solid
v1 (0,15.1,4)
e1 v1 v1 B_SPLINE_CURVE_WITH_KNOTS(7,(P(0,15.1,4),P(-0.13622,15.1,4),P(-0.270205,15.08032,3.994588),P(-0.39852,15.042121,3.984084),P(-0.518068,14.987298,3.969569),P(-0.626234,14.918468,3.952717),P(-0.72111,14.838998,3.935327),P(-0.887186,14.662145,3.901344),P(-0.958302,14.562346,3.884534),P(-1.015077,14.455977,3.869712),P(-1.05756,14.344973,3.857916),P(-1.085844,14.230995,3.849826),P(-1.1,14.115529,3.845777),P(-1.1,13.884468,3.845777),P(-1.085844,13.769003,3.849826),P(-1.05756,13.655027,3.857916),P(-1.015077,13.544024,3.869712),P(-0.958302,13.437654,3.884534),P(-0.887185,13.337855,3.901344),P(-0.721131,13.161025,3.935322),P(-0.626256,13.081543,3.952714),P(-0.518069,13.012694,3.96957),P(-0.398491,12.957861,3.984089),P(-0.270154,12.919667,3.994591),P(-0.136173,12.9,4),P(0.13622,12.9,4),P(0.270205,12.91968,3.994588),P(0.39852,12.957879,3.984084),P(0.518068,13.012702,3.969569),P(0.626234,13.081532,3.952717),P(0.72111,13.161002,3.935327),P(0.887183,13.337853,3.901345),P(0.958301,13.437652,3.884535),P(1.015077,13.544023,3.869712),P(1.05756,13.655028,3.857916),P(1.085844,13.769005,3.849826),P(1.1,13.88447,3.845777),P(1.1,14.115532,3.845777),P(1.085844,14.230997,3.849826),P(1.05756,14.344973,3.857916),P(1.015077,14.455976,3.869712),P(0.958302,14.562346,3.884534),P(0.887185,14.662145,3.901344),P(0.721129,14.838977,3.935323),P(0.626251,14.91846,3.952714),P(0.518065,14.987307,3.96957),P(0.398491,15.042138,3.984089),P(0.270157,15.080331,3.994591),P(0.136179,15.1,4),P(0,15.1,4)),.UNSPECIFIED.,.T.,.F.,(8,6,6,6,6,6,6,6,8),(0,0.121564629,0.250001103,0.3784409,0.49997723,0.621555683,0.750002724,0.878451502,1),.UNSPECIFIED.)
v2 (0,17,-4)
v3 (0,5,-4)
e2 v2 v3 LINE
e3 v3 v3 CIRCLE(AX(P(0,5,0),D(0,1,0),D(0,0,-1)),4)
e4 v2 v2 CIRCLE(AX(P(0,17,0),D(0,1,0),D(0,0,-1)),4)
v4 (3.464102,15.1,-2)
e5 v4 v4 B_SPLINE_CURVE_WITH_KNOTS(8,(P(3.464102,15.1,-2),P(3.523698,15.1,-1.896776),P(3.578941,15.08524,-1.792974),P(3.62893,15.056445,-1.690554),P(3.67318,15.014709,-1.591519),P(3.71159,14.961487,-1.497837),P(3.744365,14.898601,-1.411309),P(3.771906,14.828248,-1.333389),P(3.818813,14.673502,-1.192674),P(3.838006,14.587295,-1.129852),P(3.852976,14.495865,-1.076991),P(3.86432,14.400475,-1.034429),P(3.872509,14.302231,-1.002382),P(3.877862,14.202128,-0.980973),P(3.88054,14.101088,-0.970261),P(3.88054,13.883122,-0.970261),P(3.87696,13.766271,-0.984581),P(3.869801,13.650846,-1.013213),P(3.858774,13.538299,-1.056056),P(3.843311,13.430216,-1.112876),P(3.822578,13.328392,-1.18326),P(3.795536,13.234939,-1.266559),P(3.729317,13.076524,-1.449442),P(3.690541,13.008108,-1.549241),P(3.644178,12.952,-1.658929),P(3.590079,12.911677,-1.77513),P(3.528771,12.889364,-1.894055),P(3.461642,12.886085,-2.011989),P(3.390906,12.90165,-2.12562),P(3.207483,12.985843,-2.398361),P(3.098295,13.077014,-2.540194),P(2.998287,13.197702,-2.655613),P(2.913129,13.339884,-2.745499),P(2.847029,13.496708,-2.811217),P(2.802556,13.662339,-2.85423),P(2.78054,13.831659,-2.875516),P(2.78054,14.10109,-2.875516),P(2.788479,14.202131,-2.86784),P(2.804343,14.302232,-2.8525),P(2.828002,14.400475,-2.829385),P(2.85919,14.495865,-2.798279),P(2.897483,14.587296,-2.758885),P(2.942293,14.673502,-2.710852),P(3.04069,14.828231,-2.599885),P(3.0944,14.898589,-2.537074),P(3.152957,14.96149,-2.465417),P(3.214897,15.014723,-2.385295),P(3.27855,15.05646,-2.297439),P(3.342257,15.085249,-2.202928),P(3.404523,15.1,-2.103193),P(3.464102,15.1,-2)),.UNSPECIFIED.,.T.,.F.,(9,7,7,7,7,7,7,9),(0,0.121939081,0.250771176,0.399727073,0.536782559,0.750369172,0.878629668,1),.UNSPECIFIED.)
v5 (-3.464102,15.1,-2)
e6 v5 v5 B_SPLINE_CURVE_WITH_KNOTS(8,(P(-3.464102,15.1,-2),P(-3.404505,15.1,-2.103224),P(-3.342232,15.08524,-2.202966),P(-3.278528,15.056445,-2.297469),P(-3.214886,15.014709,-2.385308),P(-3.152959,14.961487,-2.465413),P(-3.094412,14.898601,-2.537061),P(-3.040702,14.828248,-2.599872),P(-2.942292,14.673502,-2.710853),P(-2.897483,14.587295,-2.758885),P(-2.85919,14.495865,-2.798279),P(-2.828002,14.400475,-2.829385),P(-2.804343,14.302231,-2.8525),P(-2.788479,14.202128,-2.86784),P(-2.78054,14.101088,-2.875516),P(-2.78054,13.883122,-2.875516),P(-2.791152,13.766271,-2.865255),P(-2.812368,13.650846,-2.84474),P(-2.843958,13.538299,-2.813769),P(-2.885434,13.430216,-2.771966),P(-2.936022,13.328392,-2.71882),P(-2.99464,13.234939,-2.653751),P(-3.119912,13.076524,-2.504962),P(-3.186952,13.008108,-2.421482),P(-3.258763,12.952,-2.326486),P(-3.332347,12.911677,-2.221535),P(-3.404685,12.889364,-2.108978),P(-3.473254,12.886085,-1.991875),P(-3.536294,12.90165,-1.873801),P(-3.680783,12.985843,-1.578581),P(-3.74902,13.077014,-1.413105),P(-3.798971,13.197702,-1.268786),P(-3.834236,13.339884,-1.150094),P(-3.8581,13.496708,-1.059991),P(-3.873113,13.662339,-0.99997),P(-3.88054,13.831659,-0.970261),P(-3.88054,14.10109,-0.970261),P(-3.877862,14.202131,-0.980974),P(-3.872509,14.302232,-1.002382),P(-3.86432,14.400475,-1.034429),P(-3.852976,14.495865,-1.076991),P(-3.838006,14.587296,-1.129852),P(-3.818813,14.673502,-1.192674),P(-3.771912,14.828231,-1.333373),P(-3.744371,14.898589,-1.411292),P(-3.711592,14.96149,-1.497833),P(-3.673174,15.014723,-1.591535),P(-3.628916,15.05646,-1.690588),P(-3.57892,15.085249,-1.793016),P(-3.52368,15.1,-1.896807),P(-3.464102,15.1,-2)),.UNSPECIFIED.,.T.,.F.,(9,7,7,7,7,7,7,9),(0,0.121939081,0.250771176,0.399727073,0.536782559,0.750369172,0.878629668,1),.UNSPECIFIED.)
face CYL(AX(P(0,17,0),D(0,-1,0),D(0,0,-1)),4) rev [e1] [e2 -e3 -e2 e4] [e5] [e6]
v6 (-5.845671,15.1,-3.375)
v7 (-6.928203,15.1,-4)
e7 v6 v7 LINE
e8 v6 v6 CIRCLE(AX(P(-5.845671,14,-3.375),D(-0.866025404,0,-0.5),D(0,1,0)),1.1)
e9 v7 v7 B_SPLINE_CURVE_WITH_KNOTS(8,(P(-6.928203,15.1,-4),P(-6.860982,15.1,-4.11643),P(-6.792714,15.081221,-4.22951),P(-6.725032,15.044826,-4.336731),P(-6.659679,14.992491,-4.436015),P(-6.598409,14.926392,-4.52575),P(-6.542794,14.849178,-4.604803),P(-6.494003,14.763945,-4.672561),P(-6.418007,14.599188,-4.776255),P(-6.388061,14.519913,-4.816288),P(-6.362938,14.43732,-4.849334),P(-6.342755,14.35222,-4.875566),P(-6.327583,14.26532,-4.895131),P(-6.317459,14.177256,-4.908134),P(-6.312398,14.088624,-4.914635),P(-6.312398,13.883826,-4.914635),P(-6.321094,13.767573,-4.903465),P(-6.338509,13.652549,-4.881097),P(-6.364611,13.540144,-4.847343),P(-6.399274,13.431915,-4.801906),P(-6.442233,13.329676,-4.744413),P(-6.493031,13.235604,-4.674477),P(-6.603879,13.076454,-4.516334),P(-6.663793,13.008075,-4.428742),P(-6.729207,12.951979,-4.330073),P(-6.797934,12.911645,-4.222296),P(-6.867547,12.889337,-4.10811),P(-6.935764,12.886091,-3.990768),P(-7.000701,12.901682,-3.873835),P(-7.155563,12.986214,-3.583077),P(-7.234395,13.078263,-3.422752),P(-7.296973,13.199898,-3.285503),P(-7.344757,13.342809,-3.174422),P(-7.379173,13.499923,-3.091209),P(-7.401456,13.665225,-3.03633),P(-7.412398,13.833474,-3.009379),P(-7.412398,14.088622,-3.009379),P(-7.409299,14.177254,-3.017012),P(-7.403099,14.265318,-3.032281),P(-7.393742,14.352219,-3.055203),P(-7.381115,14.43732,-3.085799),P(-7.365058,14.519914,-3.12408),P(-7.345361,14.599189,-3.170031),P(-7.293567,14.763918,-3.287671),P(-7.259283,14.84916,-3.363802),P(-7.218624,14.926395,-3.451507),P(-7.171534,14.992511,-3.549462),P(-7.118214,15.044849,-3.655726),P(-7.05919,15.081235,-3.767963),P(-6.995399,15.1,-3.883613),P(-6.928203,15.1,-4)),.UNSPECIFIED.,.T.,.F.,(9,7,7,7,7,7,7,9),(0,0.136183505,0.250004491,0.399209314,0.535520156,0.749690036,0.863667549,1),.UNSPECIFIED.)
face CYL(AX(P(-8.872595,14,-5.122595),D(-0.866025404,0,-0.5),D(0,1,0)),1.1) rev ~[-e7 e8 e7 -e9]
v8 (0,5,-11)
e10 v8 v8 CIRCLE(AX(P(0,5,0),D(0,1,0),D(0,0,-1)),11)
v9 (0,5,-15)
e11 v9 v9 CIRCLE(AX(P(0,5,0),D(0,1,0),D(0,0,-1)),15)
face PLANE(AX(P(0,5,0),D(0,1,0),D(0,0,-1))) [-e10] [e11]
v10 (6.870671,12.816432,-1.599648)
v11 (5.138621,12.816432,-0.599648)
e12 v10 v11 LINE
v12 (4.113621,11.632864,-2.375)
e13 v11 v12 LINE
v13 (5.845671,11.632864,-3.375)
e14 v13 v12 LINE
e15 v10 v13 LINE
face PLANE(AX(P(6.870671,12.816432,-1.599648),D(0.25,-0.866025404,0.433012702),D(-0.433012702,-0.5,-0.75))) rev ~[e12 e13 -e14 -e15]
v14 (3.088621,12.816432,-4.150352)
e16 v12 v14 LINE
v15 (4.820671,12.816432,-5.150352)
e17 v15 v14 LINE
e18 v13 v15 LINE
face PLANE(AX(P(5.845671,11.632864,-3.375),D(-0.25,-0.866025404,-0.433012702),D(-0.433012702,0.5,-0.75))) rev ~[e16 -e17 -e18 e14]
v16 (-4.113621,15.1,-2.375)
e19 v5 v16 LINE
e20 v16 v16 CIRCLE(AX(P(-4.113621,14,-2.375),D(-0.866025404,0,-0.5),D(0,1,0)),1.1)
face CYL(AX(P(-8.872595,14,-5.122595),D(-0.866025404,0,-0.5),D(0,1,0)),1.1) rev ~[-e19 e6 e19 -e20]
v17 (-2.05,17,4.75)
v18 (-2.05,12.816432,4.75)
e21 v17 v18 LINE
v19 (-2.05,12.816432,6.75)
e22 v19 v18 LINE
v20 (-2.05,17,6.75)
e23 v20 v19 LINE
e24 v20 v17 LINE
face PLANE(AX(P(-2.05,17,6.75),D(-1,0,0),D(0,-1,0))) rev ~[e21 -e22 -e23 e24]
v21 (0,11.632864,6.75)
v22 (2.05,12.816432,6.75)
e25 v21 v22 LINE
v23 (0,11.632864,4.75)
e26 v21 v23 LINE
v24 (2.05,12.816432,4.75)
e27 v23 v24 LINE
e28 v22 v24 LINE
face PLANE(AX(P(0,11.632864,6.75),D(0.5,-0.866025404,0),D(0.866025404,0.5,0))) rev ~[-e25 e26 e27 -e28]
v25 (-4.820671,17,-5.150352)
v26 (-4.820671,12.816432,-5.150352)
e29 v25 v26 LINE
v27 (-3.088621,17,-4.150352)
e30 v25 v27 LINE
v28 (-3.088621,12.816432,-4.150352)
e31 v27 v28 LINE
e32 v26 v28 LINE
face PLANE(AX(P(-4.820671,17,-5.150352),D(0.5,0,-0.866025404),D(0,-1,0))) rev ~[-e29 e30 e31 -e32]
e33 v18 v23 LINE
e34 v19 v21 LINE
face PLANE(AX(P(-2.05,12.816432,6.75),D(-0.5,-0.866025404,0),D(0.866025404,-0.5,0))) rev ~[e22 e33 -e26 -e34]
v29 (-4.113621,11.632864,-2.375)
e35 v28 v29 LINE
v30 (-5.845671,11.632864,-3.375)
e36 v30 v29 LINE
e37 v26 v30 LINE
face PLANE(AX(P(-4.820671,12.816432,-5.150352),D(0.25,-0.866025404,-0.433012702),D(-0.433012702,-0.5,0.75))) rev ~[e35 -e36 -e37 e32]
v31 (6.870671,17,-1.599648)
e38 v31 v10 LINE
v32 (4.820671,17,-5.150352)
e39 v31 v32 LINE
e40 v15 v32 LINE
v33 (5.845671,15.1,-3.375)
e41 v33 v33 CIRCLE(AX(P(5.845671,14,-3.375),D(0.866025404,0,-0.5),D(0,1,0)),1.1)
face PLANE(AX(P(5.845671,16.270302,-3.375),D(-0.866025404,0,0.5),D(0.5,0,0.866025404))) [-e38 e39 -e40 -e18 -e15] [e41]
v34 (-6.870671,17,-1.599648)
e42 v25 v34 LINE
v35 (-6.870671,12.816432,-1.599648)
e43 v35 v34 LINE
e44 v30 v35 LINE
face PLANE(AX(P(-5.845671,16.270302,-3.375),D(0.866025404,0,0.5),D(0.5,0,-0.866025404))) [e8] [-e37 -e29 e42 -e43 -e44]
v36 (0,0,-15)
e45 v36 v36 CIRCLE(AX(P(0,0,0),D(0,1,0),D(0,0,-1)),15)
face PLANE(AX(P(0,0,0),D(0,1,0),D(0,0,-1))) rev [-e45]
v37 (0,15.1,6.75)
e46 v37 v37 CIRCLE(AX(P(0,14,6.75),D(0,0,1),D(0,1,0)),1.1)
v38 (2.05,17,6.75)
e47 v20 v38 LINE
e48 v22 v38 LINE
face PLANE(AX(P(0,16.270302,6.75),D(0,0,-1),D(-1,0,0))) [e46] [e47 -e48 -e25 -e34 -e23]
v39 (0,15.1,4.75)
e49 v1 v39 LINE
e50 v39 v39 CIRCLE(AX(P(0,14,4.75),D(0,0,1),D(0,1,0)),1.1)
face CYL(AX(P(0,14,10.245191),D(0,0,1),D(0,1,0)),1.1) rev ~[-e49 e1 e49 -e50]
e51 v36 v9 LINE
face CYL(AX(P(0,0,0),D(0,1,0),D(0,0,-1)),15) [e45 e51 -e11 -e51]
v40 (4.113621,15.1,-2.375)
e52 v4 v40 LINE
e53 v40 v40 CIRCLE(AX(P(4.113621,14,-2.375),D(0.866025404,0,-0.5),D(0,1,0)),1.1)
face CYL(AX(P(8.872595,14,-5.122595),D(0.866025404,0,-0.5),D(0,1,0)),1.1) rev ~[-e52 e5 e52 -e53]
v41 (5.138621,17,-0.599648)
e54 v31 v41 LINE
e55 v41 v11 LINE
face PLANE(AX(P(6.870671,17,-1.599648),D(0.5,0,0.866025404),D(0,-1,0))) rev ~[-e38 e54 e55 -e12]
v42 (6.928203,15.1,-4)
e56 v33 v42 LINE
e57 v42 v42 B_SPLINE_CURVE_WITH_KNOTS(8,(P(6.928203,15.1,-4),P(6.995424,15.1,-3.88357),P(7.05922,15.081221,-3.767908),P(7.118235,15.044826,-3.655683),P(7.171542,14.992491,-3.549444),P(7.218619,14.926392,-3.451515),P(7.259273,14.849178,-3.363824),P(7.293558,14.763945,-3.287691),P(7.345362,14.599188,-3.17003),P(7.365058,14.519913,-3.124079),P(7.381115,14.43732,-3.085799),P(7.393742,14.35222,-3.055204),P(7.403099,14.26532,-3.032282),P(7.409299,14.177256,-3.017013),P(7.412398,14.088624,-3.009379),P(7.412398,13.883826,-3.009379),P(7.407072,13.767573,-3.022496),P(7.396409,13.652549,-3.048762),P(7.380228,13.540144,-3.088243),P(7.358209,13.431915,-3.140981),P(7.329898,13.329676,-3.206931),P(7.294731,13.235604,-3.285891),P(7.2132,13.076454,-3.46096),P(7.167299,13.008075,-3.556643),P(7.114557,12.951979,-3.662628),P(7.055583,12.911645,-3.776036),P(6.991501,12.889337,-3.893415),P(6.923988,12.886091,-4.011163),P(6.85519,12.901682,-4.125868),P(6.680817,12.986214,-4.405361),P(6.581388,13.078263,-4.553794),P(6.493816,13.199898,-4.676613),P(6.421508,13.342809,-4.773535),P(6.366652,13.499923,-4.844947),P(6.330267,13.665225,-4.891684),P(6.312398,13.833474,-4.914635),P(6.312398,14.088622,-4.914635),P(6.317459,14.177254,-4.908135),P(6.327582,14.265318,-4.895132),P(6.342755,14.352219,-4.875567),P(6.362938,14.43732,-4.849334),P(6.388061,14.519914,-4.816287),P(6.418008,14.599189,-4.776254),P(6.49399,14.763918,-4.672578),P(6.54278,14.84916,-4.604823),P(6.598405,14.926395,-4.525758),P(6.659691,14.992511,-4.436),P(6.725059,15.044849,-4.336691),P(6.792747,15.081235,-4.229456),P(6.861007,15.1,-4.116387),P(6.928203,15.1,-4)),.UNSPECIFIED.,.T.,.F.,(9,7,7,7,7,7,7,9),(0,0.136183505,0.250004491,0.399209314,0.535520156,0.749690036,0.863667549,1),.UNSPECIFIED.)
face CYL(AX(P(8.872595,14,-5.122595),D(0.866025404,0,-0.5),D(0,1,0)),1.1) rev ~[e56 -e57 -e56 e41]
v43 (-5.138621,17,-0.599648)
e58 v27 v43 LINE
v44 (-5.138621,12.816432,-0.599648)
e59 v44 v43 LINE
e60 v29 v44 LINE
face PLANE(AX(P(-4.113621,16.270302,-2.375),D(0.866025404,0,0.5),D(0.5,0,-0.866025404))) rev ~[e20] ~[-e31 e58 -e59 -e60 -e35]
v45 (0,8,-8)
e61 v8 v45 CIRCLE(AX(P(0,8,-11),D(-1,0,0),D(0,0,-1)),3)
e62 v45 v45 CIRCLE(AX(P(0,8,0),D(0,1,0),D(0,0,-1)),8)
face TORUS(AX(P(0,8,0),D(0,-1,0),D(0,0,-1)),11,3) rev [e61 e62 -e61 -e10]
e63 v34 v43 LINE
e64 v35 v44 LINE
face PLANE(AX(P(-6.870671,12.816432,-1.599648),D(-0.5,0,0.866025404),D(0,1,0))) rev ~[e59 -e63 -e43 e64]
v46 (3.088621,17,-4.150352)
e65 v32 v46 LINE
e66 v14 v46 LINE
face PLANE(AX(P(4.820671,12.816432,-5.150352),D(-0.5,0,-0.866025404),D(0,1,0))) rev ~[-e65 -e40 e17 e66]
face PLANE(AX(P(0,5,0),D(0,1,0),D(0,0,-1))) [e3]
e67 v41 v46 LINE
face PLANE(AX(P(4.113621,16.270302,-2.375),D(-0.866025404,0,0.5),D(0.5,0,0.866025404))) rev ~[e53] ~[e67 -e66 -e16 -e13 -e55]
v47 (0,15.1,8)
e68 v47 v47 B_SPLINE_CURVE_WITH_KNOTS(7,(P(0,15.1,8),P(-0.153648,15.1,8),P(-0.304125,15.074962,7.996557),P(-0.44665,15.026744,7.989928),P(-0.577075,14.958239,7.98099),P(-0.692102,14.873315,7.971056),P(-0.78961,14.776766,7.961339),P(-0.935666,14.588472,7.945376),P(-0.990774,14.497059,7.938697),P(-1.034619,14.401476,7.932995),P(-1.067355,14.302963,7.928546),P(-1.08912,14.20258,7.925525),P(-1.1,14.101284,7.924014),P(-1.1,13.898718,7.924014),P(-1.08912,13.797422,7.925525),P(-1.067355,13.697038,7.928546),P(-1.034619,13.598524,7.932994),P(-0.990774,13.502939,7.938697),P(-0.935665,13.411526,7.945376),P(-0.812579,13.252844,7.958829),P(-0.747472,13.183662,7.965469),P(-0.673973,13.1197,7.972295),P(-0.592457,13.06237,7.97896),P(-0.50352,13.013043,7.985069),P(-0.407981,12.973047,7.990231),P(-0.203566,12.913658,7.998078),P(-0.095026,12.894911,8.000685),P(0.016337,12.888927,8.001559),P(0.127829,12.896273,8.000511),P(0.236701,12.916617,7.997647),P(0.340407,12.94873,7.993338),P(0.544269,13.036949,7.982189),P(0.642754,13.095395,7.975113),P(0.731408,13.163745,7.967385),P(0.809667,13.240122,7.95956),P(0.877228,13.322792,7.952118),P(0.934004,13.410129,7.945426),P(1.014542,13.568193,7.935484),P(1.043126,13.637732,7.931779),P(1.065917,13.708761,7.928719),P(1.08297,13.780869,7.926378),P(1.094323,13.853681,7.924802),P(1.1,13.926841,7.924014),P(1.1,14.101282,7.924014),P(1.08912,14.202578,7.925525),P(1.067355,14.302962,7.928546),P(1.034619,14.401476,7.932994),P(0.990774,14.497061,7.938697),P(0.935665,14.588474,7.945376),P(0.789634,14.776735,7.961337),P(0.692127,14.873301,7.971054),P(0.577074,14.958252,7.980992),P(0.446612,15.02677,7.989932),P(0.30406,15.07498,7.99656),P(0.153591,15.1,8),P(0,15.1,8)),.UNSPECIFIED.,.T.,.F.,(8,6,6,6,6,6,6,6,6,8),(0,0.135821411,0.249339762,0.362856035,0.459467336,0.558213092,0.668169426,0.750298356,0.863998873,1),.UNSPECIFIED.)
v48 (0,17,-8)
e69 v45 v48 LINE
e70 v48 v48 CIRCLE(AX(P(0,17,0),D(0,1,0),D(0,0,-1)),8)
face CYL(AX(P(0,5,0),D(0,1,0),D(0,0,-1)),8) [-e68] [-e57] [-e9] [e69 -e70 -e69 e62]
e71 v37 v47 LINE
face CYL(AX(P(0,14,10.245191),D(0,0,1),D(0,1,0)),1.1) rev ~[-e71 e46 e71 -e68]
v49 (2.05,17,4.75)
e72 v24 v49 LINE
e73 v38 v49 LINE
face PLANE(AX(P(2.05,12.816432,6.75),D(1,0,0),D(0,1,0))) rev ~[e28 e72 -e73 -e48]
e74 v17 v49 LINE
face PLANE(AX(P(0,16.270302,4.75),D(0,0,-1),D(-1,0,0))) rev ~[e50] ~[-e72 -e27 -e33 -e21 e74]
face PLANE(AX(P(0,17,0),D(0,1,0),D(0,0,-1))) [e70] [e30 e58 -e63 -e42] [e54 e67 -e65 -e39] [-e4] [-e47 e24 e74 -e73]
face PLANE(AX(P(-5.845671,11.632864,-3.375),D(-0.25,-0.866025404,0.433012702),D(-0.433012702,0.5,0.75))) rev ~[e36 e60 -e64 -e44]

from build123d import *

# Parameters (mm, degrees)
SKETCH4_W          = 1.1
SKETCH4_H          = 20.490381057
CUT_EXTRUDE1_START = -1.25
CUT_EXTRUDE1_DEPTH = 2
CIRPATTERN1_COUNT  = 3
FILLET1_R          = 3


with BuildPart() as part:
    # Sketch1 → Revolve1 (revolve)
    with BuildSketch(Plane.XY, mode=Mode.PRIVATE) as revolve1_sk:
        Polygon((0, 0), (15, 0), (15, 5), (8, 5), (8, 17), (4, 17), (4, 5), (0, 5), align=None)
    revolve(revolve1_sk.sketch.rotate(Axis((0, 0, 0), (0, 1, 0)), 90), axis=Axis((0, 0, 0), (0, 1, 0)))

    # Sketch4 → M2 Clearance Hole1 (revolve, cut)
    with BuildSketch(Plane(origin=(0, 14, 0), x_dir=(0, 1, 0), z_dir=(1, 0, 0))):
        with Locations((0.55, 10.245190529)):
            Rectangle(SKETCH4_W, SKETCH4_H)
    m2_clearance_hole1 = revolve(axis=Axis((0, 14, -6.35), (0, 0, 1)), mode=Mode.SUBTRACT)

    # Sketch5 → Cut-Extrude1 (cut)
    with BuildSketch(Plane.XY.offset(8).offset(CUT_EXTRUDE1_START)):
        Polygon((2.05, 17), (2.05, 15.183568052), (0, 16.367136104), (-2.05, 15.183568052), (-2.05, 17), align=None)
        Polygon((0, 11.632863896), (2.05, 12.816431948), (2.05, 15.183568052), (0, 16.367136104), (-2.05, 15.183568052), (-2.05, 12.816431948), align=None)
    cut_extrude1 = extrude(amount=-CUT_EXTRUDE1_DEPTH, mode=Mode.SUBTRACT)

    # CirPattern1: M2 Clearance Hole1, Cut-Extrude1 ×3 about axis
    cirpattern1_axis = Axis((0, 0, 0), (0, 1, 0))
    add([m2_clearance_hole1.rotate(cirpattern1_axis, i * 360 / CIRPATTERN1_COUNT) for i in range(1, CIRPATTERN1_COUNT)], mode=Mode.SUBTRACT)
    add([cut_extrude1.rotate(cirpattern1_axis, i * 360 / CIRPATTERN1_COUNT) for i in range(1, CIRPATTERN1_COUNT)], mode=Mode.SUBTRACT)

    # Fillet1
    fillet1_edges = [part.edges().sort_by_distance(p)[0] for p in [
        (0, 5, 8),
    ]]
    fillet(fillet1_edges, radius=FILLET1_R)


solid = part.part
